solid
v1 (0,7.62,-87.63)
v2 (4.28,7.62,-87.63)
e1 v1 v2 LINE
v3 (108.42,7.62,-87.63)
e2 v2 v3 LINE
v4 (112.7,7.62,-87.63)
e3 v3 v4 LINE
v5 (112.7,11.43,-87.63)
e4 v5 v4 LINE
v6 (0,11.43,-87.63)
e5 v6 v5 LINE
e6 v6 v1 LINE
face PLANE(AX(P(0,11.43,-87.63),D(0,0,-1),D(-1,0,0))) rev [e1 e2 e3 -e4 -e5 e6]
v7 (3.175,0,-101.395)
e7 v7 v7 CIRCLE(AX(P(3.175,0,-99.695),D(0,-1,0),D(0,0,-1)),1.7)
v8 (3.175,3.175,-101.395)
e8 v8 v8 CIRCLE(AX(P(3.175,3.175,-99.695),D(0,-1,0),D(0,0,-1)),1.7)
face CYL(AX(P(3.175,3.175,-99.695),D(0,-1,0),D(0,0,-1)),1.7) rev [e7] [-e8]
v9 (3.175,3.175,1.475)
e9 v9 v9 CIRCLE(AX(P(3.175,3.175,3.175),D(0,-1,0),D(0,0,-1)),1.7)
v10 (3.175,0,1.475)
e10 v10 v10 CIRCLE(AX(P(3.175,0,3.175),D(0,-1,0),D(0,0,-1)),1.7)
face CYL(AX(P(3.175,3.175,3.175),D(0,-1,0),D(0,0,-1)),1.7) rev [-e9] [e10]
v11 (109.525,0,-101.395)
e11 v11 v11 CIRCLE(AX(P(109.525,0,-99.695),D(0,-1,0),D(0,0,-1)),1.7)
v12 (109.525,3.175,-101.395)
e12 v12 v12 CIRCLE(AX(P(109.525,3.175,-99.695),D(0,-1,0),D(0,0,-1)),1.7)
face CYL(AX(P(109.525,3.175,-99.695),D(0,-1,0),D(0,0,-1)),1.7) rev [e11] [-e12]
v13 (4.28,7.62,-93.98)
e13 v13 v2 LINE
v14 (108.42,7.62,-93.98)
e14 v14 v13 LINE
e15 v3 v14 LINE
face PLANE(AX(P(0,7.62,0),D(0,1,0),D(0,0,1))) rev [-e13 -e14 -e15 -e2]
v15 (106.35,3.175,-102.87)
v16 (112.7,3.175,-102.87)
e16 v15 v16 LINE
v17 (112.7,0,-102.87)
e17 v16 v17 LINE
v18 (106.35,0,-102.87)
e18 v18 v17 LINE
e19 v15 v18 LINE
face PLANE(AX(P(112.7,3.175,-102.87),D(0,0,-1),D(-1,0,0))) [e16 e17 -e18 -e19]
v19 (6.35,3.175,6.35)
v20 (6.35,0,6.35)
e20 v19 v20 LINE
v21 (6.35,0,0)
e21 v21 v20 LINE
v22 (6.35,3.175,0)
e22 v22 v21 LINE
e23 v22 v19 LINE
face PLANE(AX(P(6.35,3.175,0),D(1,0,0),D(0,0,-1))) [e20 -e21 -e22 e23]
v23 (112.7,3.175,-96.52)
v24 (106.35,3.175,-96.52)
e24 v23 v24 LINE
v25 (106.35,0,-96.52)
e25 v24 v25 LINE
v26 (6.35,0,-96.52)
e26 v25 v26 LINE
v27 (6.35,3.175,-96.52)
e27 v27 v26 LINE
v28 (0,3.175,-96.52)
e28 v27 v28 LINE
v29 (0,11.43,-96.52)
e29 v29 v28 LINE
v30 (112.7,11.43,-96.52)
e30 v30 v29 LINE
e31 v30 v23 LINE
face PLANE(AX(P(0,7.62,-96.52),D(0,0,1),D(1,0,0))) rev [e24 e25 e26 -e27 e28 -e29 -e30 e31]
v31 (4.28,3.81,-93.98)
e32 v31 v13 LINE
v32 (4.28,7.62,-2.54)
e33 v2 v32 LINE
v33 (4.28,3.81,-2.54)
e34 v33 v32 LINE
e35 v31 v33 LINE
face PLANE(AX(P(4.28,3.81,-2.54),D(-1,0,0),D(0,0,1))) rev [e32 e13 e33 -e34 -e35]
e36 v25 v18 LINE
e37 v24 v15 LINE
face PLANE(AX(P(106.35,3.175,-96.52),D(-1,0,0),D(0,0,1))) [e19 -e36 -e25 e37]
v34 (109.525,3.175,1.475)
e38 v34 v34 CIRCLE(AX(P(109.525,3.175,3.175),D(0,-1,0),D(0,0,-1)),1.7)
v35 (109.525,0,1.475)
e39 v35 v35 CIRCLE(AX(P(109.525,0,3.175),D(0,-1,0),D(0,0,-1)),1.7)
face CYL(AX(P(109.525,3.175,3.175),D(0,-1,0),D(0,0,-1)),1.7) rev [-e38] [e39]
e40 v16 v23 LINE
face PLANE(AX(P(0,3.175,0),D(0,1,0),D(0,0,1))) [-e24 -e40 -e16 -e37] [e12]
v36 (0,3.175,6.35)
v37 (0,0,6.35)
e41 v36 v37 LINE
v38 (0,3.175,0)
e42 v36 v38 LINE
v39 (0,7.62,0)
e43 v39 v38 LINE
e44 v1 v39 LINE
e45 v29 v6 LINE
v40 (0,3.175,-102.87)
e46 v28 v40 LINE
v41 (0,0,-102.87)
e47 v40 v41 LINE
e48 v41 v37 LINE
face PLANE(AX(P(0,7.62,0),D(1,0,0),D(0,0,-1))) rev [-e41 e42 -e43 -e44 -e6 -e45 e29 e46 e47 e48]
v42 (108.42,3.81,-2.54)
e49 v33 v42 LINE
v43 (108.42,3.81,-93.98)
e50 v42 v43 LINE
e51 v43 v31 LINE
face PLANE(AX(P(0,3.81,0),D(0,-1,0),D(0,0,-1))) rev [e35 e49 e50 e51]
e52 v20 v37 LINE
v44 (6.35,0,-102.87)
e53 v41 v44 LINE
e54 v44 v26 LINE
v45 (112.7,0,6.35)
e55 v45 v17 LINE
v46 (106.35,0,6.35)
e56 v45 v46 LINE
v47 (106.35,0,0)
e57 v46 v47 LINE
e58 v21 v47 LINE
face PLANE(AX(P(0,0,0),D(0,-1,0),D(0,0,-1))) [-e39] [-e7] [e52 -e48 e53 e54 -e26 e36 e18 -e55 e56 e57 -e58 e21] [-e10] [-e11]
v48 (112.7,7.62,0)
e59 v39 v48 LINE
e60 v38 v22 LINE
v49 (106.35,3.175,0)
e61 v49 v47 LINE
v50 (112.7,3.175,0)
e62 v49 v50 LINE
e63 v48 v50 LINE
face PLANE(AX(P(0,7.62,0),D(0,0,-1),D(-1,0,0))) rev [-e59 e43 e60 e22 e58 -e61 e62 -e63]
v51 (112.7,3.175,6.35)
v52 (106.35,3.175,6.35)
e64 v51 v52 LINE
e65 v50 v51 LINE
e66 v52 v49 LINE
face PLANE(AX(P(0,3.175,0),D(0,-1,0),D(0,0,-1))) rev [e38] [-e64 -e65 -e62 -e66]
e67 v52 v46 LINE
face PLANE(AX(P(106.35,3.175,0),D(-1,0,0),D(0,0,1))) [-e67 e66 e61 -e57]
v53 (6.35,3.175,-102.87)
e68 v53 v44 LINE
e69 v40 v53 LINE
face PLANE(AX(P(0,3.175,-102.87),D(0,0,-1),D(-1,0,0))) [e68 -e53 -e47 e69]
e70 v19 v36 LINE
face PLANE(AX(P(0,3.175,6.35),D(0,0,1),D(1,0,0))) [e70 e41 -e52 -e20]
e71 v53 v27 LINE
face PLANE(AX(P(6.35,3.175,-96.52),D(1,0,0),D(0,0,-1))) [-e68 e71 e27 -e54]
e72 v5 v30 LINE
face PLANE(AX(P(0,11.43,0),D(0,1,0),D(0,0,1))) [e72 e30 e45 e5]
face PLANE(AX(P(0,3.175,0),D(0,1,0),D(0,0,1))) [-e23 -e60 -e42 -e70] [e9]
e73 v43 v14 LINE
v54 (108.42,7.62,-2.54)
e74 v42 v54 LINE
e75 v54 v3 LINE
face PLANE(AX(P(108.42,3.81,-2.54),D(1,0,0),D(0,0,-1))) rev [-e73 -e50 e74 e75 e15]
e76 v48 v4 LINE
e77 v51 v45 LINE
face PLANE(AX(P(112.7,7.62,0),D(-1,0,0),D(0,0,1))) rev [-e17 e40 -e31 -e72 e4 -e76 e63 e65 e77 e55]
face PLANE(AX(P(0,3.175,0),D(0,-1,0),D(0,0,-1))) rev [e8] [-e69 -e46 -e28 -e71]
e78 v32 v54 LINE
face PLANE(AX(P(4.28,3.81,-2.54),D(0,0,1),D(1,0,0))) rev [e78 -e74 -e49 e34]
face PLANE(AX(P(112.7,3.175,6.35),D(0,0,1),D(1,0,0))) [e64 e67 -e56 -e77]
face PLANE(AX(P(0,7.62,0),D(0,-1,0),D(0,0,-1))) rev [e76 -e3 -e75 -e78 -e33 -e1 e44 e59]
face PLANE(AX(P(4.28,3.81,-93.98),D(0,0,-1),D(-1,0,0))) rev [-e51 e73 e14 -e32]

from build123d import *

# Parameters (mm, degrees)
SKETCH1_W           = 112.699999898
SKETCH1_H           = 96.52
BOSS_EXTRUDE1_DEPTH = 7.62
SKETCH2_W           = 104.14
SKETCH2_H           = 91.44
CUT_EXTRUDE1_DEPTH  = 3.81
SKETCH3_W           = 6.35
SKETCH3_H           = 6.35
SKETCH3_R           = 1.7
BOSS_EXTRUDE2_DEPTH = 3.175
SKETCH4_W           = 112.699999898
SKETCH4_H           = 8.89
BOSS_EXTRUDE3_DEPTH = 3.81


with BuildPart() as part:
    # Sketch1 → Boss-Extrude1 (new body)
    with BuildSketch(Plane(origin=(0, 0, 0), x_dir=(1, 0, 0), z_dir=(0, 1, 0))):
        with Locations((56.349999949, 48.26)):
            Rectangle(SKETCH1_W, SKETCH1_H)
    extrude(amount=BOSS_EXTRUDE1_DEPTH)

    # Sketch2 → Cut-Extrude1 (cut)
    with BuildSketch(Plane(origin=(0, 7.62, 0), x_dir=(1, 0, 0), z_dir=(0, 1, 0))):
        with Locations((56.349999949, 48.26)):
            Rectangle(SKETCH2_W, SKETCH2_H)
    extrude(amount=-CUT_EXTRUDE1_DEPTH, mode=Mode.SUBTRACT)

    # Sketch3 → Boss-Extrude2 (add)
    # profile 1 of 4: a face of its own
    with BuildSketch(Plane.XZ):
        with Locations((109.524999898, 3.175)):
            Rectangle(SKETCH3_W, SKETCH3_H)
        with Locations(Location((109.524999898, 3.175, 0), (0, 0, 270))):
            Circle(SKETCH3_R, mode=Mode.SUBTRACT)
    # profile 2 of 4: a face of its own
    with BuildSketch(Plane.XZ):
        with Locations((3.175, 3.175)):
            Rectangle(SKETCH3_W, SKETCH3_H)
        with Locations(Location((3.175, 3.175, 0), (0, 0, 270))):
            Circle(SKETCH3_R, mode=Mode.SUBTRACT)
    # profile 3 of 4: a face of its own
    with BuildSketch(Plane.XZ):
        with Locations((3.175, -99.695)):
            Rectangle(SKETCH3_W, SKETCH3_H)
        with Locations(Location((3.175, -99.695, 0), (0, 0, 270))):
            Circle(SKETCH3_R, mode=Mode.SUBTRACT)
    # profile 4 of 4: a face of its own
    with BuildSketch(Plane.XZ):
        with Locations((109.524999898, -99.695)):
            Rectangle(SKETCH3_W, SKETCH3_H)
        with Locations(Location((109.524999898, -99.695, 0), (0, 0, 270))):
            Circle(SKETCH3_R, mode=Mode.SUBTRACT)
    extrude(amount=-BOSS_EXTRUDE2_DEPTH)

    # Sketch4 → Boss-Extrude3 (add)
    with BuildSketch(Plane(origin=(0, 7.62, 0), x_dir=(1, 0, 0), z_dir=(0, 1, 0))):
        with Locations((56.349999949, 92.075)):
            Rectangle(SKETCH4_W, SKETCH4_H)
    extrude(amount=BOSS_EXTRUDE3_DEPTH)


solid = part.part
